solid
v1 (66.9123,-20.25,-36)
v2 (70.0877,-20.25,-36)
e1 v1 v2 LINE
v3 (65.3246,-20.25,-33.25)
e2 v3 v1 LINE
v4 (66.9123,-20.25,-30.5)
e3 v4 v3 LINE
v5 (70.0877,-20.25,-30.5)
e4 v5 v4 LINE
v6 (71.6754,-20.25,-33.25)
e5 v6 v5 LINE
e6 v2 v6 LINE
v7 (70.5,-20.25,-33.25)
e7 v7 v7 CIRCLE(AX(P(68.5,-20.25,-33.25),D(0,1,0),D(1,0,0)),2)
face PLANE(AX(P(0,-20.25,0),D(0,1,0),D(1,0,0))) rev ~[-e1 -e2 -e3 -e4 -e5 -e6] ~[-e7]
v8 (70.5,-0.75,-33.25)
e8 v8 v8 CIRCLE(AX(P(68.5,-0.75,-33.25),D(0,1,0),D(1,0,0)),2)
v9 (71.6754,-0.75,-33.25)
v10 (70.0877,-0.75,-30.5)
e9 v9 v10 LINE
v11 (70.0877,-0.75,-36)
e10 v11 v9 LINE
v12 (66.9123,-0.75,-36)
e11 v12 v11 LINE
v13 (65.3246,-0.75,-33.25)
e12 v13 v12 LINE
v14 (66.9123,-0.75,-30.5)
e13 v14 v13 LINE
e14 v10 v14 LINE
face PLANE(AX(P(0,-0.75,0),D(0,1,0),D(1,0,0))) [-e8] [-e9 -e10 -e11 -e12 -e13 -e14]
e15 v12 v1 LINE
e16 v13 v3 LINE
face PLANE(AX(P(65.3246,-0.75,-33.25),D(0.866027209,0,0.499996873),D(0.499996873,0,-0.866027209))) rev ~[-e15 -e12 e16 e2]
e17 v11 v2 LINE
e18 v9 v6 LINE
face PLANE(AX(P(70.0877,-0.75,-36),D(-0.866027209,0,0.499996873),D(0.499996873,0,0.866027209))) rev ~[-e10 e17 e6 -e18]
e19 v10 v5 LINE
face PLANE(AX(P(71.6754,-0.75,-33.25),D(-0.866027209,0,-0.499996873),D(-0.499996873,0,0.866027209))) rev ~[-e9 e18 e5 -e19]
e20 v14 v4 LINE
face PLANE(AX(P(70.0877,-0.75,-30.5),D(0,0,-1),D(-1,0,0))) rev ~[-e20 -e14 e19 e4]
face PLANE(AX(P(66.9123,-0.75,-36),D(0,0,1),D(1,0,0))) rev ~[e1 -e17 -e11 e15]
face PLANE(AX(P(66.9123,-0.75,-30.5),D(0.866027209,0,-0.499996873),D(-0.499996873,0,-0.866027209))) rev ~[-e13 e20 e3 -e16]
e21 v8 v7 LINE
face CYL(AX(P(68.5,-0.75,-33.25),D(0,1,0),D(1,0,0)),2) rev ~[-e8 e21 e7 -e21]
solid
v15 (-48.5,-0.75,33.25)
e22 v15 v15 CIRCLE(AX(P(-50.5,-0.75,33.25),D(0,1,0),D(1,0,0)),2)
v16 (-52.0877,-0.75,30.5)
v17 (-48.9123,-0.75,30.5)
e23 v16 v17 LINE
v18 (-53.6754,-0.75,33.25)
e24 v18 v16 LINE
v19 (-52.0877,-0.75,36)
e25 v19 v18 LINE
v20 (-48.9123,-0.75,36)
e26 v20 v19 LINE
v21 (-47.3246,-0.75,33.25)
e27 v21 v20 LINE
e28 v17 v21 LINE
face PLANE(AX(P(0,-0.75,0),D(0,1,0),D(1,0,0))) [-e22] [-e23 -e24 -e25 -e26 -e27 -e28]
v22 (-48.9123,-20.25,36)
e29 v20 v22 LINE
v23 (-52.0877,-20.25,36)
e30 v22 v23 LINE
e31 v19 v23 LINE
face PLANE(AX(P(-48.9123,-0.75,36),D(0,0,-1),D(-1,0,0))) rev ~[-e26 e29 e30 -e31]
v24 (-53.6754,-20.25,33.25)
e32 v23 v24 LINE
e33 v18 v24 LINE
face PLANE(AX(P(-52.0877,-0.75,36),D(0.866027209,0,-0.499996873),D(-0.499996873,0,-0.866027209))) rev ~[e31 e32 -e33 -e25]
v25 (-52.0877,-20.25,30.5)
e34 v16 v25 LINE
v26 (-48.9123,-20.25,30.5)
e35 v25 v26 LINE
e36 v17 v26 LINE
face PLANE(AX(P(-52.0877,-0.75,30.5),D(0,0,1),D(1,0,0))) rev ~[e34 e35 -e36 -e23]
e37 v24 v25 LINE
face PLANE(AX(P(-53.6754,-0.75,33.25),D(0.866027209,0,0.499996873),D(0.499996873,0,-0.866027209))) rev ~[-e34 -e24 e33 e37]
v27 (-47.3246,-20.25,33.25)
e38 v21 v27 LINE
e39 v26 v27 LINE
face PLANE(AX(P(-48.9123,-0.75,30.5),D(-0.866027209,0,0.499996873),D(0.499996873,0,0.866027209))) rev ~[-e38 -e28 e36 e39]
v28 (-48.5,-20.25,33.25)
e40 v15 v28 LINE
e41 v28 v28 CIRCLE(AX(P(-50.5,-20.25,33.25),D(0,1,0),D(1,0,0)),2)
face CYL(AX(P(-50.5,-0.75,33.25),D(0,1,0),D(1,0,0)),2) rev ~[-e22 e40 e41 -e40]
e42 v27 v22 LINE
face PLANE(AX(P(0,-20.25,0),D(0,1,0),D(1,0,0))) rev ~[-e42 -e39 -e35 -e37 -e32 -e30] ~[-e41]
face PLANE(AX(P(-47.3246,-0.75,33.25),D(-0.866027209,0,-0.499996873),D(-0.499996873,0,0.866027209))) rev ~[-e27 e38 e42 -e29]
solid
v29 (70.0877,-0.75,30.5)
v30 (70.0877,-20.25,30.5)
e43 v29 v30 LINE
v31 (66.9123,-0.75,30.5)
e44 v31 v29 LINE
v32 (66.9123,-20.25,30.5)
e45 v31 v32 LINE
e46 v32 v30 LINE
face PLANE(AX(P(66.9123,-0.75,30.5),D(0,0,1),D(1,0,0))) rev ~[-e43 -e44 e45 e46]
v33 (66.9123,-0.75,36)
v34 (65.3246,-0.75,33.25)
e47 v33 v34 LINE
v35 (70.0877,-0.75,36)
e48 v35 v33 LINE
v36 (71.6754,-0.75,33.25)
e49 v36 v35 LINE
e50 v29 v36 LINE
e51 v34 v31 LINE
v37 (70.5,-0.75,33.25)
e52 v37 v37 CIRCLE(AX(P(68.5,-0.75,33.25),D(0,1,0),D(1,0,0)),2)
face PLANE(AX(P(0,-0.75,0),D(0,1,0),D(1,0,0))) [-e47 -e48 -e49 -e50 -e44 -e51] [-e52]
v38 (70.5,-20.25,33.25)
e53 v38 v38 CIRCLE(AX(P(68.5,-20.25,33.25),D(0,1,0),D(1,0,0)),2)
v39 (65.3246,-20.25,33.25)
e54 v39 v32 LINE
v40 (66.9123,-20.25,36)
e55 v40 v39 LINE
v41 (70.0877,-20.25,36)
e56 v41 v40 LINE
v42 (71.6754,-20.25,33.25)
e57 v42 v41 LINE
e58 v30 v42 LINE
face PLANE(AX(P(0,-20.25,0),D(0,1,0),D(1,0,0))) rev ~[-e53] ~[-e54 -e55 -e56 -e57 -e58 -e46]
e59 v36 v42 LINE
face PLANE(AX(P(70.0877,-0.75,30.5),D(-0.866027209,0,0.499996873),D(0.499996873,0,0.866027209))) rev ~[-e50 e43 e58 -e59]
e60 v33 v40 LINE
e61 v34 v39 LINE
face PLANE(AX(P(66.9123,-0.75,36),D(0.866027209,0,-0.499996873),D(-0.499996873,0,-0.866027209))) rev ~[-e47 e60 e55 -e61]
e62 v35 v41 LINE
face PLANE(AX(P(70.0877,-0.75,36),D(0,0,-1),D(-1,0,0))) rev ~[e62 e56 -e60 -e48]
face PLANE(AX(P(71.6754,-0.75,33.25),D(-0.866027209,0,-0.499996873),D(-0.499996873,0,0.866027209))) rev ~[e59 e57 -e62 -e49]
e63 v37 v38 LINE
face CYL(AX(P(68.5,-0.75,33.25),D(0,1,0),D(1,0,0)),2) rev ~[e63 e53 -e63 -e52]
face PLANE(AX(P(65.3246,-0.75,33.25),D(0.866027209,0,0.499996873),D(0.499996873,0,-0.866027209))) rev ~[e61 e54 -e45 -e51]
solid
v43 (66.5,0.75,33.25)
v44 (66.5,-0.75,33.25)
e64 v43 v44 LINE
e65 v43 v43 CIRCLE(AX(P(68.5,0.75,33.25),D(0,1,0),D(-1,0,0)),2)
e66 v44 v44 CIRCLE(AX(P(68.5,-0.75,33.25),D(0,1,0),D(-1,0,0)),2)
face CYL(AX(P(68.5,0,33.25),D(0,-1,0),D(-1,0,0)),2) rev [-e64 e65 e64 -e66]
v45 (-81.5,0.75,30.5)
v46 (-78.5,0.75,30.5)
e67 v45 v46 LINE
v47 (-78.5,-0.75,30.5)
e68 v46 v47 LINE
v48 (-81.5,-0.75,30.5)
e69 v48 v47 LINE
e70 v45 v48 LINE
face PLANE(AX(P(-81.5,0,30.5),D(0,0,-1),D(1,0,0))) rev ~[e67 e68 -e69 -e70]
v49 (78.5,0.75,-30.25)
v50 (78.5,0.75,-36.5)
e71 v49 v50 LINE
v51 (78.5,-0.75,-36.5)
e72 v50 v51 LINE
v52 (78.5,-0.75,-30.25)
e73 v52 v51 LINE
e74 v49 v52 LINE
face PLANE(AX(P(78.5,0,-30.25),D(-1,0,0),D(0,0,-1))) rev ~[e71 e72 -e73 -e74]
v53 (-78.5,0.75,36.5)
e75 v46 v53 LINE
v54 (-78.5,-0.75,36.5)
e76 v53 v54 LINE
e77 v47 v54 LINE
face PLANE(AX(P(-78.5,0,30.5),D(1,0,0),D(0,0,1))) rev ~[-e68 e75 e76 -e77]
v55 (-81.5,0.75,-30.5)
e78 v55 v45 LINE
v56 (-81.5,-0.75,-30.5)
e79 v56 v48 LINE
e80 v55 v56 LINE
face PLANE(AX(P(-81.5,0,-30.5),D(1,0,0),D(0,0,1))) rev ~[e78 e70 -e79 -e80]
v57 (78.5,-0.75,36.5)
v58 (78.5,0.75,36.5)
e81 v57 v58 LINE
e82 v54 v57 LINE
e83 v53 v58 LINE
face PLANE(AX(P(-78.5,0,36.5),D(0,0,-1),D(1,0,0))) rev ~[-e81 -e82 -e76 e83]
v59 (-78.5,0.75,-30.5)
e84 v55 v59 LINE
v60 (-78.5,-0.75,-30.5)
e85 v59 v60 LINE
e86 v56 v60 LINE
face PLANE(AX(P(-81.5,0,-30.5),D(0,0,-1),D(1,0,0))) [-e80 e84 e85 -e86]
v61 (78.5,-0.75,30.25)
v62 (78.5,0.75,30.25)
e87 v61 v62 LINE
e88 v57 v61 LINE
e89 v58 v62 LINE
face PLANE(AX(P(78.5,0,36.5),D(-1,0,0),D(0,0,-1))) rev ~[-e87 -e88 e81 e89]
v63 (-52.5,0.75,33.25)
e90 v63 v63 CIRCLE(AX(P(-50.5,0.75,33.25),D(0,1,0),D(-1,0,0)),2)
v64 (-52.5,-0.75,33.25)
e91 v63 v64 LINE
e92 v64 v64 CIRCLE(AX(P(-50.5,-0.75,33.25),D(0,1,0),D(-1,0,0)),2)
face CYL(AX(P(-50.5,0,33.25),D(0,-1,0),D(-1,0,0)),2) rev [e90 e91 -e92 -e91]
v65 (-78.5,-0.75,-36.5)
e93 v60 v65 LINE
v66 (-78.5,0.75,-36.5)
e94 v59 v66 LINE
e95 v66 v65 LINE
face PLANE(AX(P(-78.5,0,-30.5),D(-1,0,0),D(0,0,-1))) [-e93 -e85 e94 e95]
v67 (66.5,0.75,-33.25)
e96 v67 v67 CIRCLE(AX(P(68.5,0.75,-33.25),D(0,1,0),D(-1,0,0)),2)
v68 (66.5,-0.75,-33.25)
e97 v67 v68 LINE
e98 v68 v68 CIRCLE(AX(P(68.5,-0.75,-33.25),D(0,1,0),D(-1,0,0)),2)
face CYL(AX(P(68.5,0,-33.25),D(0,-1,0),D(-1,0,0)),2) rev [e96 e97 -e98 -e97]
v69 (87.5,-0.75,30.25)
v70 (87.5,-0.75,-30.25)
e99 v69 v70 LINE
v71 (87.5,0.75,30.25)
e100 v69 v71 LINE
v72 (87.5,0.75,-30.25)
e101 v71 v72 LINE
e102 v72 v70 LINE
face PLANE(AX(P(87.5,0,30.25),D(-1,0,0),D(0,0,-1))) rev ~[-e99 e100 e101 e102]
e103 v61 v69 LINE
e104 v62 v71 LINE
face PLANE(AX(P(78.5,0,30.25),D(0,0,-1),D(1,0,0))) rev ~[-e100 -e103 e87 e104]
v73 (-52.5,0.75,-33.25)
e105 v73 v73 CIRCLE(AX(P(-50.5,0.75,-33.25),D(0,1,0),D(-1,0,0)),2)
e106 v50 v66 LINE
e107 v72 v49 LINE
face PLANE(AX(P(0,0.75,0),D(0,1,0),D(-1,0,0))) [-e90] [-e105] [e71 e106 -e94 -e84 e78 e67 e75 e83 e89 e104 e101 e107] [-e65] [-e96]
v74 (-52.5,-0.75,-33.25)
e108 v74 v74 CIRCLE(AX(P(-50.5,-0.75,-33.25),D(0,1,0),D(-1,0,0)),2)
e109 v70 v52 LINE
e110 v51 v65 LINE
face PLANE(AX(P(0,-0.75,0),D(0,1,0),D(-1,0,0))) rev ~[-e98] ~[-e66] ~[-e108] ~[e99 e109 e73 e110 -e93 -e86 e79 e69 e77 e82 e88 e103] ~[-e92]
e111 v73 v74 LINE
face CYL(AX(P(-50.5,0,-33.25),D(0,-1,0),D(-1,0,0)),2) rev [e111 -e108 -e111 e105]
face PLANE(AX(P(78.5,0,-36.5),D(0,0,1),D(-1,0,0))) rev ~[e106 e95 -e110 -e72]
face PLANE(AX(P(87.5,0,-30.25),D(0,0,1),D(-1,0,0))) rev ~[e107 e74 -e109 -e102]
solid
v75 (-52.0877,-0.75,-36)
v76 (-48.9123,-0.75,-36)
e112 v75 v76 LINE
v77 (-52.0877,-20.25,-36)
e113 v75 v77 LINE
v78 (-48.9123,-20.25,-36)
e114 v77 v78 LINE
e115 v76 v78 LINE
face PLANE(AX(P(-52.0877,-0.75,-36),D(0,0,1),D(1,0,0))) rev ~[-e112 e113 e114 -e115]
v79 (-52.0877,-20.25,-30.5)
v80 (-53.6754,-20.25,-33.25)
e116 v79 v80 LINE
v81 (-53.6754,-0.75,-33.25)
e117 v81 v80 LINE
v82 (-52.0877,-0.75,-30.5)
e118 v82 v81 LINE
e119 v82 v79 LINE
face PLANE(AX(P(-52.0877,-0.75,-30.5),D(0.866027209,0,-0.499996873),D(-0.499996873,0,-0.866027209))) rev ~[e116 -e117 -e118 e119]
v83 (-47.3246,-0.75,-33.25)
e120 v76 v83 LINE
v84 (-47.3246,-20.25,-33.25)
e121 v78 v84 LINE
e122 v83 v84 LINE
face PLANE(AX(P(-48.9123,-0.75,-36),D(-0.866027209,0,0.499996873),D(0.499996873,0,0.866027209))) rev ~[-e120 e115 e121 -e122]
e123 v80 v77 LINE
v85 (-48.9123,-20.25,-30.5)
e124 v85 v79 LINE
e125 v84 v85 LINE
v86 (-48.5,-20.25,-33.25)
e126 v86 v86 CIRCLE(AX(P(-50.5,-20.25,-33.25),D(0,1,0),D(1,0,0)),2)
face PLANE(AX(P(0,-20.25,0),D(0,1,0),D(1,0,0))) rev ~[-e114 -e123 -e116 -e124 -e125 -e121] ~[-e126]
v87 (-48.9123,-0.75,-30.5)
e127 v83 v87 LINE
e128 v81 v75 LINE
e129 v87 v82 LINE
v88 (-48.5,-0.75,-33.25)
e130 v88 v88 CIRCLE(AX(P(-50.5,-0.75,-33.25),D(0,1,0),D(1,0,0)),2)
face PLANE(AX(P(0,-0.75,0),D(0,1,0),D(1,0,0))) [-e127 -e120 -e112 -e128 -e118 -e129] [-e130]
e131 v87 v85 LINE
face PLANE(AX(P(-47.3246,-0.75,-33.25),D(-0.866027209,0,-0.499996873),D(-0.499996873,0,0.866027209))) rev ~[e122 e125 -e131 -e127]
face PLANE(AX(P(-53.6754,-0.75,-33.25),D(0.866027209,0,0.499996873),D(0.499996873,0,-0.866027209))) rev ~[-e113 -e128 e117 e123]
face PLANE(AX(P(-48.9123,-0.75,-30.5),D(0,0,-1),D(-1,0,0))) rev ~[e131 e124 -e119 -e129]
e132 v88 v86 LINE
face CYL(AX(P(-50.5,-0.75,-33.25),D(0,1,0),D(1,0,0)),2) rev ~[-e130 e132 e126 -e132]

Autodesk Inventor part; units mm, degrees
ref_plane "YZ Plane" through (0, 0, 0) normal (1, 0, 0) x (0, 1, 0)
ref_plane "XZ Plane" through (0, 0, 0) normal (0, 1, 0) x (-1, 0, 0)
ref_plane "XY Plane" through (0, 0, 0) normal (0, 0, 1) x (1, 0, 0)
sketch "Sketch1" plane through (0, 0, 0) normal (0, 1, 0) x (-1, 0, 0)
  line L0 (81.5, 36.5) -> (78.5, 36.5) construction
  line L1 (-78.5, 36.5) -> (-78.5, 30.25)
  line L2 (-78.5, -36.5) -> (78.5, -36.5)
  line L3 (81.5, -36.5) -> (81.5, -30.5) construction
  line L4 (-78.5, 30.25) -> (-87.5, 30.25)
  line L5 (-87.5, 30.25) -> (-87.5, -30.25)
  line L6 (-87.5, -30.25) -> (-78.5, -30.25)
  line L7 (-78.5, 30.25) -> (-78.5, -30.25) construction
  line L8 (-78.5, -30.25) -> (-78.5, -36.5)
  line L9 (81.5, 30.5) -> (78.5, 30.5)
  line L10 (78.5, 30.5) -> (78.5, 36.5)
  line L11 (78.5, 36.5) -> (-78.5, 36.5)
  line L12 (81.5, 30.5) -> (81.5, 36.5) construction
  line L13 (81.5, -30.5) -> (78.5, -30.5)
  line L14 (78.5, -30.5) -> (78.5, -36.5)
  line L15 (81.5, -30.5) -> (81.5, 30.5)
  line L16 (78.5, -36.5) -> (81.5, -36.5) construction
  circle A0 centre (-68.5, 33.25) radius 2
  circle A1 centre (-68.5, -33.25) radius 2
  circle A2 centre (50.5, -33.25) radius 2
  circle A3 centre (50.5, 33.25) radius 2
  line L17 (50.5, 33.25) -> (50.5, -33.25) construction
  line L18 (50.5, -33.25) -> (-68.5, -33.25) construction
  point P0 (0, 0)
  point P1 (-87.5, 0)
  point P2 (-78.5, 0)
  point P3 (81.5, 0)
  point P4 (0, -36.5)
  point P5 (50.5, 0)
  dimension "d3" = 9
  dimension "d4" = 60.5
  dimension "d6" = 3
  dimension "d7" = 6
  dimension "d8" = 160
  dimension "d12" = 3
  dimension "d13" = 6
  dimension "d14" = 61
  dimension "d15" = 4
  dimension "d16" = 66.5
  dimension "d17" = 119
  dimension "d18" = 19
extrude "Tarjeta AD IC DC" add sketch "Sketch1" along normal mid plane 1.5
sketch "Sketch2" plane through (0, -0.75, 0) normal (0, 1, 0) x (1, 0, 0)
  circle A0 centre (-50.5, -33.25) radius 2 projected
  line L0 (-53.6754, -33.25) -> (-52.0877, -30.5)
  line L1 (-52.0877, -30.5) -> (-48.9123, -30.5)
  line L2 (-48.9123, -30.5) -> (-47.3246, -33.25)
  line L3 (-47.3246, -33.25) -> (-48.9123, -36)
  line L4 (-48.9123, -36) -> (-52.0877, -36)
  line L5 (-52.0877, -36) -> (-53.6754, -33.25)
  line L6 (-53.6754, 33.25) -> (-52.0877, 36)
  line L7 (-52.0877, 36) -> (-48.9123, 36)
  line L8 (-48.9123, 36) -> (-47.3246, 33.25)
  line L9 (-47.3246, 33.25) -> (-48.9123, 30.5)
  line L10 (-48.9123, 30.5) -> (-52.0877, 30.5)
  line L11 (-52.0877, 30.5) -> (-53.6754, 33.25)
  circle A1 centre (-50.5, 33.25) radius 2 projected
  line L12 (65.3246, -33.25) -> (66.9123, -30.5)
  line L13 (66.9123, -30.5) -> (70.0877, -30.5)
  line L14 (70.0877, -30.5) -> (71.6754, -33.25)
  line L15 (71.6754, -33.25) -> (70.0877, -36)
  line L16 (70.0877, -36) -> (66.9123, -36)
  line L17 (66.9123, -36) -> (65.3246, -33.25)
  line L18 (65.3246, 33.25) -> (66.9123, 36)
  line L19 (66.9123, 36) -> (70.0877, 36)
  line L20 (70.0877, 36) -> (71.6754, 33.25)
  line L21 (71.6754, 33.25) -> (70.0877, 30.5)
  line L22 (70.0877, 30.5) -> (66.9123, 30.5)
  line L23 (66.9123, 30.5) -> (65.3246, 33.25)
  circle A2 centre (68.5, 33.25) radius 2 projected
  circle A3 centre (68.5, -33.25) radius 2 projected
  point P0 (0, 0)
  dimension "d21" = 5.5
  dimension "d22" = 5.5
  dimension "d23" = 5.5
  dimension "d24" = 5.5
extrude "Espaciador hexagonal" add sketch "Sketch2" against normal blind 19.5 separate body
properties part number "Tarjeta IC DC" material "Phenolic Resin"
